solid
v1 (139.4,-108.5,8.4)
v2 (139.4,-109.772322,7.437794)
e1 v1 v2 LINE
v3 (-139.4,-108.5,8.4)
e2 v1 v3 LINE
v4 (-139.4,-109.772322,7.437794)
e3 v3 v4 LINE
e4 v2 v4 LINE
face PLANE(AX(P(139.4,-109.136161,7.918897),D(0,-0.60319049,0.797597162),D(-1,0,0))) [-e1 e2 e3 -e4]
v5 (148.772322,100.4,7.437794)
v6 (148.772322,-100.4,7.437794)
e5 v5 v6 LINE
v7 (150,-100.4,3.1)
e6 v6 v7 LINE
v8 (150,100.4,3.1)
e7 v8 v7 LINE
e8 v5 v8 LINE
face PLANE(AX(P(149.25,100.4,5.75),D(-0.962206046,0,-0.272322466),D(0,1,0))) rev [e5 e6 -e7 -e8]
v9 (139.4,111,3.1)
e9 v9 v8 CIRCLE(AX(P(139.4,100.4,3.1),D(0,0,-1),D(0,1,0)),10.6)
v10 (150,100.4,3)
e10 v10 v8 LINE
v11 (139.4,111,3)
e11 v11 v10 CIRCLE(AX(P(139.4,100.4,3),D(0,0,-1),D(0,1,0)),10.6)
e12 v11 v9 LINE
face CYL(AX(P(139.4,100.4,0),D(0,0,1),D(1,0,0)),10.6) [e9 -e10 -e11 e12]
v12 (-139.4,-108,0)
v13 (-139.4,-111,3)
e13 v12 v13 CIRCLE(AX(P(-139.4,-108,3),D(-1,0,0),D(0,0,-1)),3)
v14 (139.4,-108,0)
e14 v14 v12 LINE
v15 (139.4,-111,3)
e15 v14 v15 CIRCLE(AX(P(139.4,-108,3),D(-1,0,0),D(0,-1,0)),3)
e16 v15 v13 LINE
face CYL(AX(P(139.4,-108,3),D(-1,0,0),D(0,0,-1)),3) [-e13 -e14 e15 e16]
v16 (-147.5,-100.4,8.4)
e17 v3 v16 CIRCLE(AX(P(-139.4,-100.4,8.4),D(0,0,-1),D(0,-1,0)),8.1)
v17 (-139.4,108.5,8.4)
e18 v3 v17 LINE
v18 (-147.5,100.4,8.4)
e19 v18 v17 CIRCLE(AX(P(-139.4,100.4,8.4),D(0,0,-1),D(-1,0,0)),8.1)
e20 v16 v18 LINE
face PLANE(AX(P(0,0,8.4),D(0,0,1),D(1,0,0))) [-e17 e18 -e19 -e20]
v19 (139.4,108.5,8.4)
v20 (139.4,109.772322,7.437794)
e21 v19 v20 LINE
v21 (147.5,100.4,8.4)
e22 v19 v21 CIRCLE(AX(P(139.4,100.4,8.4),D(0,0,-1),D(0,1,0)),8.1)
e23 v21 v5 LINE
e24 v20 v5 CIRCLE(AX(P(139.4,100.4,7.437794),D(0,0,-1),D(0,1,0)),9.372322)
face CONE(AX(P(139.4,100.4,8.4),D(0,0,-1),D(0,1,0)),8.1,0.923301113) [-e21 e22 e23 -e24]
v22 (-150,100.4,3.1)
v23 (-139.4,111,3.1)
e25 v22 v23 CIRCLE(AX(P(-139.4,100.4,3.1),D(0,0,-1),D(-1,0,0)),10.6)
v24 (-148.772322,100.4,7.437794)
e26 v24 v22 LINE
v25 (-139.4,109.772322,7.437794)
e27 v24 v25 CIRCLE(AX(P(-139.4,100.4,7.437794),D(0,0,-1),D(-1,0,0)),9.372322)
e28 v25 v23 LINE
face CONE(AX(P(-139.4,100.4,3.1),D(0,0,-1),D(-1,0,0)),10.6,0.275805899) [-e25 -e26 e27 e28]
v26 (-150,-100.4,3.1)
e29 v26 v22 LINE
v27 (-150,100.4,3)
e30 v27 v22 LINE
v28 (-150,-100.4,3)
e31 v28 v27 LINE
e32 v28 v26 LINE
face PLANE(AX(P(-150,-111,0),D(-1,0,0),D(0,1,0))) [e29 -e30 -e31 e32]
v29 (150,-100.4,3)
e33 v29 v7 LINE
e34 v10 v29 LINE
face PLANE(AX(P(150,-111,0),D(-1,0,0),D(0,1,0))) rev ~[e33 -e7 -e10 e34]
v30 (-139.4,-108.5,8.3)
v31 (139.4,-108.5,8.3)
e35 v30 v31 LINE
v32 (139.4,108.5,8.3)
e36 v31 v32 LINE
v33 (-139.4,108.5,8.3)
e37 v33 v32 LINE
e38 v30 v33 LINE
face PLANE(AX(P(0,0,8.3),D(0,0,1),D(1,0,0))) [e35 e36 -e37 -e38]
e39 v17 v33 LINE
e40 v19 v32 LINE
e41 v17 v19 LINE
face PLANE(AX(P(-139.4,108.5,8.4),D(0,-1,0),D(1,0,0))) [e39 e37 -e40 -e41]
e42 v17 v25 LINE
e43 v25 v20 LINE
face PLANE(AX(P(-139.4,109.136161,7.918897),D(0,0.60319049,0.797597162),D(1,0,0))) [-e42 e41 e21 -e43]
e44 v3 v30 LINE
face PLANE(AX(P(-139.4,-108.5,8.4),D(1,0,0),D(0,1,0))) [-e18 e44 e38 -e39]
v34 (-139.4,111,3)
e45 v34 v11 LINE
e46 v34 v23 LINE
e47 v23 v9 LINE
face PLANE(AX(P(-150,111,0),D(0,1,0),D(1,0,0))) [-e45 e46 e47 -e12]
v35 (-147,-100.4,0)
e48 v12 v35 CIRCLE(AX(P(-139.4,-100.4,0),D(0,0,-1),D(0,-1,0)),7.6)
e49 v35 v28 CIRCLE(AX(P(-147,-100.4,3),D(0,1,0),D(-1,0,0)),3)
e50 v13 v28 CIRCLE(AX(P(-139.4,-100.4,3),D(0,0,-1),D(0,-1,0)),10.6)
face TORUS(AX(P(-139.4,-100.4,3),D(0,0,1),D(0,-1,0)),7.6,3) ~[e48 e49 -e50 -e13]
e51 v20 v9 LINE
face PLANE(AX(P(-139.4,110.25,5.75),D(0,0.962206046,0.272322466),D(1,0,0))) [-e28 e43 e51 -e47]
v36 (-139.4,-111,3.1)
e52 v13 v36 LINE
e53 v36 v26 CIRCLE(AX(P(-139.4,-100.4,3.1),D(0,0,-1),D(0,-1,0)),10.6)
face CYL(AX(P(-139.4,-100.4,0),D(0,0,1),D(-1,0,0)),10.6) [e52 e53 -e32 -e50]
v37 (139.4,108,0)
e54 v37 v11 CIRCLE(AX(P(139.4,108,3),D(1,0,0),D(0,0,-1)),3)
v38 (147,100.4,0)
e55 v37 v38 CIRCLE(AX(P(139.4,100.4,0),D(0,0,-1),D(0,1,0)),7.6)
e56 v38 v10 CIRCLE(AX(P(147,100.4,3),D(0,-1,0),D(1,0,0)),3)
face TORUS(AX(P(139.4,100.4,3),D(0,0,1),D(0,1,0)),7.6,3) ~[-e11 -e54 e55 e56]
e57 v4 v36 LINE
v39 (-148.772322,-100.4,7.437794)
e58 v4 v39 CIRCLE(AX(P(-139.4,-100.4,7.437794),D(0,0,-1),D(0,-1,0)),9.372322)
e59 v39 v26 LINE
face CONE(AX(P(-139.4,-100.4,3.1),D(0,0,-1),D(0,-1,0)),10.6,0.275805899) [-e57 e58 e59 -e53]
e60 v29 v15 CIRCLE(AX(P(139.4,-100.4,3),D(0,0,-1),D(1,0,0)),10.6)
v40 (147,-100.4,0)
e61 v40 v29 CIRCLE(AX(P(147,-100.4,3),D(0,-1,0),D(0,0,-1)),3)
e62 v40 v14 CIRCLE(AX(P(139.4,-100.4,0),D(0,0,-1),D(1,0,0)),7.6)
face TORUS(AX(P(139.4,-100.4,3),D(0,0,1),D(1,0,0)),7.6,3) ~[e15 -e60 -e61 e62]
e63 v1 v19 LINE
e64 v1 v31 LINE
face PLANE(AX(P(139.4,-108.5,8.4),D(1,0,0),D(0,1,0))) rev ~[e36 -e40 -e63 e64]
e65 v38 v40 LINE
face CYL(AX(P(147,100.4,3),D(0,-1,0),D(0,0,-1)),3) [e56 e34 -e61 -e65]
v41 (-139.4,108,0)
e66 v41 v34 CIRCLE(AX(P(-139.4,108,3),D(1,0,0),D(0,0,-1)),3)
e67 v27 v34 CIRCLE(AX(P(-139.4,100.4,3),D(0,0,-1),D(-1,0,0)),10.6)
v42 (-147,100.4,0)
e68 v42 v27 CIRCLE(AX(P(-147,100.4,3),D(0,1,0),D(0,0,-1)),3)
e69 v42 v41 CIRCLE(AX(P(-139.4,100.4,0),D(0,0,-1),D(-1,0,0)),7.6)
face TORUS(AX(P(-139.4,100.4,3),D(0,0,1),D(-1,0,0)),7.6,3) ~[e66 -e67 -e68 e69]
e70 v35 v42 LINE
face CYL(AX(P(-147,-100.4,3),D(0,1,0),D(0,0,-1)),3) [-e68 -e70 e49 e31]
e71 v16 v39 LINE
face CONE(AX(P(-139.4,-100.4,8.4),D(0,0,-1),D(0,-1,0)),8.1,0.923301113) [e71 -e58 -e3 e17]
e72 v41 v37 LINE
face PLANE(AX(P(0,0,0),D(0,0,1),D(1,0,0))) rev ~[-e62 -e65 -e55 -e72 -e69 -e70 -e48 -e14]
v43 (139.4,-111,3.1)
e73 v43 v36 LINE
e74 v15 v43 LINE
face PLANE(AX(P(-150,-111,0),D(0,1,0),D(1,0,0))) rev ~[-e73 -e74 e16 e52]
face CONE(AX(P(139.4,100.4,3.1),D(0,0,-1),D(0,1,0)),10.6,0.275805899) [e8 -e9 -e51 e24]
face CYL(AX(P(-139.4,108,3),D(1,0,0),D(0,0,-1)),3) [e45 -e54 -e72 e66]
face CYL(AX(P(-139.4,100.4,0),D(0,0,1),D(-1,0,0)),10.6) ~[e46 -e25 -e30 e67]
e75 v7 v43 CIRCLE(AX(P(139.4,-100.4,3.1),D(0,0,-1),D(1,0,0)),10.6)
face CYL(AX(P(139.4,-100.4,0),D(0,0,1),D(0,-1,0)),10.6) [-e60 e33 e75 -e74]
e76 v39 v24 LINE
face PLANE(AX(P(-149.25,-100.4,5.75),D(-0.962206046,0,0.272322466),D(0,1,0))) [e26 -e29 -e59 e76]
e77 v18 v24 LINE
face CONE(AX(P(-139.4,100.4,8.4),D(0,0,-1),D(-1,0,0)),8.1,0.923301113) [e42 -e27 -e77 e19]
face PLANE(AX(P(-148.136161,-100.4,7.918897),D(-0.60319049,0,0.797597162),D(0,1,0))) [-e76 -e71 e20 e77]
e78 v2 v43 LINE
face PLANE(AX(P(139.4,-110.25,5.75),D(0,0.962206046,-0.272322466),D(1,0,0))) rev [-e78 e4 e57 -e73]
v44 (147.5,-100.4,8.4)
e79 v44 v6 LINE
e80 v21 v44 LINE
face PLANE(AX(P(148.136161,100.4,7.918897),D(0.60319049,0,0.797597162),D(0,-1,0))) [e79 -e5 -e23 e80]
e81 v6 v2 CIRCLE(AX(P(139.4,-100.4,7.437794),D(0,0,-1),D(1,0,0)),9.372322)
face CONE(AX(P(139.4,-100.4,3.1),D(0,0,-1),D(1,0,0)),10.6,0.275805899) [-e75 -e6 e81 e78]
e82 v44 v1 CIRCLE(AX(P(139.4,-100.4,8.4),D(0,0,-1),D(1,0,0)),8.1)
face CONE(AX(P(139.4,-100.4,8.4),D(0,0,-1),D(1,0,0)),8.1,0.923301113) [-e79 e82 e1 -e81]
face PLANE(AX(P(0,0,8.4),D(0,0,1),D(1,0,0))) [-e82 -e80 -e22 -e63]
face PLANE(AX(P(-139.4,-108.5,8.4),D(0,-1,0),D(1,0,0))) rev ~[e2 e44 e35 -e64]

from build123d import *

# Parameters (mm, degrees)
F0_W     = 300
F0_H     = 222
F1_DEPTH = 8.4
F2_R     = 10.6
F3_R     = 3
F4_SIZE2 = 5.3
F4_SIZE  = 1.5
F5_SIZE  = 1
F6_W     = 278.8
F6_H     = 217
F7_DEPTH = 0.1


with BuildPart() as f1:
    # F0 (on Top) → F1 (new body)
    with BuildSketch(Plane.XY):
        Rectangle(F0_W, F0_H)
    extrude(amount=F1_DEPTH)

    # F2
    f2_edges = [f1.edges().sort_by_distance(p)[0] for p in [
        (-150, 111, 4.2),
        (-150, -111, 4.2),
        (150, -111, 4.2),
        (150, 111, 4.2),
    ]]
    fillet(f2_edges, radius=F2_R)

    # F3
    f3_edges = [f1.edges().sort_by_distance(p)[0] for p in [
        (0, 111, 0),
        (146.895332, 107.895332, 0),
        (150, 0, 0),
    ]]
    fillet(f3_edges, radius=F3_R)

    # F4
    f4_edges = [f1.edges().sort_by_distance(p)[0] for p in [
        (-150, 0, 8.4),
        (-146.895332, 107.895332, 8.4),
        (0, 111, 8.4),
    ]]
    f4_side = f1.faces().sort_by_distance((0, 0, 8.4))[0]
    chamfer(f4_edges, length=F4_SIZE, length2=F4_SIZE2, reference=f4_side)

    # F5
    f5_edges = [f1.edges().sort_by_distance(p)[0] for p in [
        (0, 109.5, 8.4),
    ]]
    chamfer(f5_edges, length=F5_SIZE)

    # F6 (on face) → F7 (cut)
    with BuildSketch(Plane.XY.offset(8.4)):
        Rectangle(F6_W, F6_H)
    extrude(amount=-F7_DEPTH, mode=Mode.SUBTRACT)


solid = f1.part
